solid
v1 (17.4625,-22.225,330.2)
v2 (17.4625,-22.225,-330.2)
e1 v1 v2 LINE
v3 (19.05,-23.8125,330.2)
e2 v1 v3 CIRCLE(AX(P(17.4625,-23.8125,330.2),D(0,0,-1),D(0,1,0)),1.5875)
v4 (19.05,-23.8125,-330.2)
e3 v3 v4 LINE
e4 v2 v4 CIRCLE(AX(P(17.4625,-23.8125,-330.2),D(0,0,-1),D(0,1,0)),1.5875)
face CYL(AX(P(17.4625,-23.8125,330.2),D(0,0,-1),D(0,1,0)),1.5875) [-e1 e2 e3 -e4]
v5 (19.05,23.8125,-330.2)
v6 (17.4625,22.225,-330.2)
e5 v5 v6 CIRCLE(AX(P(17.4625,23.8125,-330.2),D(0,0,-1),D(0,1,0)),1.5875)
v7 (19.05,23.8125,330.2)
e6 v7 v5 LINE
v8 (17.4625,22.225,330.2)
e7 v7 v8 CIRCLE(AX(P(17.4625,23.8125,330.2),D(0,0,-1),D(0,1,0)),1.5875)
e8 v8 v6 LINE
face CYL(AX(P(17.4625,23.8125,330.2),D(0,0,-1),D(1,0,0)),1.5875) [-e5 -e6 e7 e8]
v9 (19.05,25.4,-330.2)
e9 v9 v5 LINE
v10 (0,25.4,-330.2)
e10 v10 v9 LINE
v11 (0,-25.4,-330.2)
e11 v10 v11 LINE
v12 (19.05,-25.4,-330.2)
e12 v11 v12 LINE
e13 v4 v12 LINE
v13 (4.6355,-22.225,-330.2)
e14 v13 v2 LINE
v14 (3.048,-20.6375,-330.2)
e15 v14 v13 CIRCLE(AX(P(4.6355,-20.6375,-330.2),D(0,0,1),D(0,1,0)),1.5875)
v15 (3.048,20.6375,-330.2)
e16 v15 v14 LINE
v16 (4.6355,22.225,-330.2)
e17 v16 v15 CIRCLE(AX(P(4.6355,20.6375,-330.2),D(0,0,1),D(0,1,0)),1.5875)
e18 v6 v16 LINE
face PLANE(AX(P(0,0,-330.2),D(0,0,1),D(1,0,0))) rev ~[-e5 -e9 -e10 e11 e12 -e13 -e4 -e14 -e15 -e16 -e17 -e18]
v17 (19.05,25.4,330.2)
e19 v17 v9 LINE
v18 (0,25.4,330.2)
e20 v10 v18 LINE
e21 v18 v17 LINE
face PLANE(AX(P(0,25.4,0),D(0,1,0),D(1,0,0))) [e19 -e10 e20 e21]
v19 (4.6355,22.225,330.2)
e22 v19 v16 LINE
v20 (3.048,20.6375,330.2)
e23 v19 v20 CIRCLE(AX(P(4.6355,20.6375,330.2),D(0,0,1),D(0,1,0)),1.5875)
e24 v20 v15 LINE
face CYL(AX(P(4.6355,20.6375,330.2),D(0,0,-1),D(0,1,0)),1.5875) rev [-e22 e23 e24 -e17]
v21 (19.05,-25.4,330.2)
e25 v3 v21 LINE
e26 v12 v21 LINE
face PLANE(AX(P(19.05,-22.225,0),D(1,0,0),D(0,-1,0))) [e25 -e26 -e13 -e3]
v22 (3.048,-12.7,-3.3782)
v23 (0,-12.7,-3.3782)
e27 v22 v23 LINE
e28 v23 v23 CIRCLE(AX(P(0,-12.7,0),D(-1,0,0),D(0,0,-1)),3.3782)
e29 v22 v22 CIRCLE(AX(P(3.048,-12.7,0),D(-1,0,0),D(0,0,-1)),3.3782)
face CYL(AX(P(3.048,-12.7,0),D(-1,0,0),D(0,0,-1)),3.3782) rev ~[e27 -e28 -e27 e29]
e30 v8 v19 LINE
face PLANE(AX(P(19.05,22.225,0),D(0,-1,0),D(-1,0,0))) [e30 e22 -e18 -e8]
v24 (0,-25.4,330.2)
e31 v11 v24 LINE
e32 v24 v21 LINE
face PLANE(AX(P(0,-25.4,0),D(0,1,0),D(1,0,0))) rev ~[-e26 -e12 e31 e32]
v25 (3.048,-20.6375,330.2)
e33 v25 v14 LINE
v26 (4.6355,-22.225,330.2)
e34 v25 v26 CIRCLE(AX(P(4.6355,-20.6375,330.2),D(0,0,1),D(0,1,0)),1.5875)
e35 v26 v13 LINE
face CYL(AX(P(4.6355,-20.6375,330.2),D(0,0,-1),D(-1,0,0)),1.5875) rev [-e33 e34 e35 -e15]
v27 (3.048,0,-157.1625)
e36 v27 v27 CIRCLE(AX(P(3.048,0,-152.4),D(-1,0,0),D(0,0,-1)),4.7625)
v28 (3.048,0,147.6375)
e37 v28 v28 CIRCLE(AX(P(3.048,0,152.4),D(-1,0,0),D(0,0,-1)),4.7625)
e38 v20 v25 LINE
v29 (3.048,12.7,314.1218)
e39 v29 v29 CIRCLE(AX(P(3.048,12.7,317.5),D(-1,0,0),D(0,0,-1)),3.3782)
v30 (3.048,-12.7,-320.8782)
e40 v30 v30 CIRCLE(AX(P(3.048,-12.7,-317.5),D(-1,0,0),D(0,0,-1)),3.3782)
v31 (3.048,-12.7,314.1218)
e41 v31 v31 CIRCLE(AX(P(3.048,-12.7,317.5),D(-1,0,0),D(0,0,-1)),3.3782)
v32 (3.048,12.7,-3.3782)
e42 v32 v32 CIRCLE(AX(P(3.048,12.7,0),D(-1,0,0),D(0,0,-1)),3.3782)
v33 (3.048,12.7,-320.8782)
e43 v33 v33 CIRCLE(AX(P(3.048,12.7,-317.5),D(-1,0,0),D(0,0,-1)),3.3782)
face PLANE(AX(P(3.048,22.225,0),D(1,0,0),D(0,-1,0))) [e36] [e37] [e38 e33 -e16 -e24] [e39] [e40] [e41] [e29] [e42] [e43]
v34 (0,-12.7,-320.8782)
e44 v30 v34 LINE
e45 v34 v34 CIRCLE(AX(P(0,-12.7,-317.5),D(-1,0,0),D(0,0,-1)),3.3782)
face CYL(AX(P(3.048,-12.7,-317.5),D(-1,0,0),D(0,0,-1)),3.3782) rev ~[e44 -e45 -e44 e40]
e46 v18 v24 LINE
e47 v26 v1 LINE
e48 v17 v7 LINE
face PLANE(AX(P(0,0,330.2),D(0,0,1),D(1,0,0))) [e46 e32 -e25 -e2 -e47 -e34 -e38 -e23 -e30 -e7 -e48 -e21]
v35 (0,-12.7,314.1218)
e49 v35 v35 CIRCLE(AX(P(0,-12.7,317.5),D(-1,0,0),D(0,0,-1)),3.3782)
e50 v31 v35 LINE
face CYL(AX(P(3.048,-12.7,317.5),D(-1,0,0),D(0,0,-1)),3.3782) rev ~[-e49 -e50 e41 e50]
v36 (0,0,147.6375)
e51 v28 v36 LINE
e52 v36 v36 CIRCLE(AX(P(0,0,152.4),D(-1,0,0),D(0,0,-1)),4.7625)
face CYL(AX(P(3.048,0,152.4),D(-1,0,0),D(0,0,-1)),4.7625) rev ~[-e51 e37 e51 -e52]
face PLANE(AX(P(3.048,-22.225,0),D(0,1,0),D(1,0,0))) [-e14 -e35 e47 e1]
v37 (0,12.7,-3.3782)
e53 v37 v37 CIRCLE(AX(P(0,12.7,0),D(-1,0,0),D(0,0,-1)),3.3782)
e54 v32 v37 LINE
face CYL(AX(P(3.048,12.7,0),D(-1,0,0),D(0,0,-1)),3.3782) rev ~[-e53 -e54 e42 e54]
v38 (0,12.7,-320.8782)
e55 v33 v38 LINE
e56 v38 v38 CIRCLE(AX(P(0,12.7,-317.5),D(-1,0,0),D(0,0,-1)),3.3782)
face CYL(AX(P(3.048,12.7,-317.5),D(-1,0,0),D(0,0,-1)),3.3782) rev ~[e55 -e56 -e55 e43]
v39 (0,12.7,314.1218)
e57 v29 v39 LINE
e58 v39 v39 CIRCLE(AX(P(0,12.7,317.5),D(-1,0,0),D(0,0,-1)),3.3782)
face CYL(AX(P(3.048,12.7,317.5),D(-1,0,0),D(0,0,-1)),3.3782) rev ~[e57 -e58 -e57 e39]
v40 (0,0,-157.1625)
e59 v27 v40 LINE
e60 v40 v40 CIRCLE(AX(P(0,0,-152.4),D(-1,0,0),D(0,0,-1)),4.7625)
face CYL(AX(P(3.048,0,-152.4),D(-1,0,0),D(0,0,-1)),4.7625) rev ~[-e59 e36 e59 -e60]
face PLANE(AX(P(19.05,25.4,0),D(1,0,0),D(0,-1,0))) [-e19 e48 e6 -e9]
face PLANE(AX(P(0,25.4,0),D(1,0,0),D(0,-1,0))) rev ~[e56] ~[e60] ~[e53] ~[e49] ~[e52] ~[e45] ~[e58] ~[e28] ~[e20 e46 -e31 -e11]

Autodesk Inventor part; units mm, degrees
ref_plane "YZ Plane" through (0, 0, 0) normal (1, 0, 0) x (0, 1, 0)
ref_plane "XZ Plane" through (0, 0, 0) normal (0, 1, 0) x (-1, 0, 0)
ref_plane "XY Plane" through (0, 0, 0) normal (0, 0, 1) x (1, 0, 0)
sketch "Sketch1" plane through (0, 0, 0) normal (0, 0, 1) x (1, 0, 0)
  line L0 (0, 25.4) -> (0, -25.4)
  line L1 (0, -25.4) -> (19.05, -25.4)
  line L2 (0, 25.4) -> (19.05, 25.4)
  line L3 (19.05, 25.4) -> (19.05, 22.225)
  line L4 (19.05, 22.225) -> (3.048, 22.225)
  line L5 (3.048, 22.225) -> (3.048, -22.225)
  line L6 (3.048, -22.225) -> (19.05, -22.225)
  line L7 (19.05, -22.225) -> (19.05, -25.4)
  point P0 (0, 0)
  point P1 (0, 0)
  dimension "d0" = 50.8
  dimension "d1" = 19.05
  dimension "d2" = 3.175
  dimension "d3" = 16.002
extrude "Extrusion1" add sketch "Sketch1" along normal mid plane 660.4
fillet "Fillet1" radius 1.5875 4 edges at (3.048, 22.225, 0) (3.048, -22.225, 0) (19.05, -22.225, 0) (19.05, 22.225, 0)
sketch "Sketch2" plane through (3.048, -20.6375, -330.2) normal (1, 0, 0) x (0, 0, -1)
  point P0 (-330.2, 20.6375)
  point P1 (-177.8, 20.6375)
  point P2 (-482.6, 20.6375)
  dimension "d7" = 304.8
  dimension "d8" = 152.4
hole "Hole1" at (3.048, 0, -152.4) at (3.048, 0, 152.4) direction (-1, 0, 0) diameter 9.525 depth 25.4 tip angle 118
sketch "Sketch3" plane through (3.048, -20.6375, -330.2) normal (1, 0, 0) x (0, 0, -1)
  circle A0 centre (-647.7, 33.3375) radius 12.7 projected
  circle A1 centre (-647.7, 7.9375) radius 12.7 projected
  circle A2 centre (-12.7, 33.3375) radius 12.7 projected
  circle A3 centre (-12.7, 7.9375) radius 12.7 projected
  circle A4 centre (-330.2, 33.3375) radius 12.7 projected
  circle A5 centre (-330.2, 7.9375) radius 12.7 projected
  point P0 (-330.2, 20.6375)
hole "Hole2" at (3.048, -12.7, -317.5) at (3.048, -12.7, 0) at (3.048, -12.7, 317.5) at (3.048, 12.7, 317.5) at (3.048, 12.7, 0) at (3.048, 12.7, -317.5) direction (-1, 0, 0) diameter 6.7564 depth 25.4 tip angle 118 clearance for "Flat Head Machine Screw (82)" size "1/4" standard "Ansi Unified Screw Threads"
equation "\"d4\" = Length"
equation "\"Length\" = 660.4"
properties part number "NASA-20-OP-01" material "Aluminum 6061"
